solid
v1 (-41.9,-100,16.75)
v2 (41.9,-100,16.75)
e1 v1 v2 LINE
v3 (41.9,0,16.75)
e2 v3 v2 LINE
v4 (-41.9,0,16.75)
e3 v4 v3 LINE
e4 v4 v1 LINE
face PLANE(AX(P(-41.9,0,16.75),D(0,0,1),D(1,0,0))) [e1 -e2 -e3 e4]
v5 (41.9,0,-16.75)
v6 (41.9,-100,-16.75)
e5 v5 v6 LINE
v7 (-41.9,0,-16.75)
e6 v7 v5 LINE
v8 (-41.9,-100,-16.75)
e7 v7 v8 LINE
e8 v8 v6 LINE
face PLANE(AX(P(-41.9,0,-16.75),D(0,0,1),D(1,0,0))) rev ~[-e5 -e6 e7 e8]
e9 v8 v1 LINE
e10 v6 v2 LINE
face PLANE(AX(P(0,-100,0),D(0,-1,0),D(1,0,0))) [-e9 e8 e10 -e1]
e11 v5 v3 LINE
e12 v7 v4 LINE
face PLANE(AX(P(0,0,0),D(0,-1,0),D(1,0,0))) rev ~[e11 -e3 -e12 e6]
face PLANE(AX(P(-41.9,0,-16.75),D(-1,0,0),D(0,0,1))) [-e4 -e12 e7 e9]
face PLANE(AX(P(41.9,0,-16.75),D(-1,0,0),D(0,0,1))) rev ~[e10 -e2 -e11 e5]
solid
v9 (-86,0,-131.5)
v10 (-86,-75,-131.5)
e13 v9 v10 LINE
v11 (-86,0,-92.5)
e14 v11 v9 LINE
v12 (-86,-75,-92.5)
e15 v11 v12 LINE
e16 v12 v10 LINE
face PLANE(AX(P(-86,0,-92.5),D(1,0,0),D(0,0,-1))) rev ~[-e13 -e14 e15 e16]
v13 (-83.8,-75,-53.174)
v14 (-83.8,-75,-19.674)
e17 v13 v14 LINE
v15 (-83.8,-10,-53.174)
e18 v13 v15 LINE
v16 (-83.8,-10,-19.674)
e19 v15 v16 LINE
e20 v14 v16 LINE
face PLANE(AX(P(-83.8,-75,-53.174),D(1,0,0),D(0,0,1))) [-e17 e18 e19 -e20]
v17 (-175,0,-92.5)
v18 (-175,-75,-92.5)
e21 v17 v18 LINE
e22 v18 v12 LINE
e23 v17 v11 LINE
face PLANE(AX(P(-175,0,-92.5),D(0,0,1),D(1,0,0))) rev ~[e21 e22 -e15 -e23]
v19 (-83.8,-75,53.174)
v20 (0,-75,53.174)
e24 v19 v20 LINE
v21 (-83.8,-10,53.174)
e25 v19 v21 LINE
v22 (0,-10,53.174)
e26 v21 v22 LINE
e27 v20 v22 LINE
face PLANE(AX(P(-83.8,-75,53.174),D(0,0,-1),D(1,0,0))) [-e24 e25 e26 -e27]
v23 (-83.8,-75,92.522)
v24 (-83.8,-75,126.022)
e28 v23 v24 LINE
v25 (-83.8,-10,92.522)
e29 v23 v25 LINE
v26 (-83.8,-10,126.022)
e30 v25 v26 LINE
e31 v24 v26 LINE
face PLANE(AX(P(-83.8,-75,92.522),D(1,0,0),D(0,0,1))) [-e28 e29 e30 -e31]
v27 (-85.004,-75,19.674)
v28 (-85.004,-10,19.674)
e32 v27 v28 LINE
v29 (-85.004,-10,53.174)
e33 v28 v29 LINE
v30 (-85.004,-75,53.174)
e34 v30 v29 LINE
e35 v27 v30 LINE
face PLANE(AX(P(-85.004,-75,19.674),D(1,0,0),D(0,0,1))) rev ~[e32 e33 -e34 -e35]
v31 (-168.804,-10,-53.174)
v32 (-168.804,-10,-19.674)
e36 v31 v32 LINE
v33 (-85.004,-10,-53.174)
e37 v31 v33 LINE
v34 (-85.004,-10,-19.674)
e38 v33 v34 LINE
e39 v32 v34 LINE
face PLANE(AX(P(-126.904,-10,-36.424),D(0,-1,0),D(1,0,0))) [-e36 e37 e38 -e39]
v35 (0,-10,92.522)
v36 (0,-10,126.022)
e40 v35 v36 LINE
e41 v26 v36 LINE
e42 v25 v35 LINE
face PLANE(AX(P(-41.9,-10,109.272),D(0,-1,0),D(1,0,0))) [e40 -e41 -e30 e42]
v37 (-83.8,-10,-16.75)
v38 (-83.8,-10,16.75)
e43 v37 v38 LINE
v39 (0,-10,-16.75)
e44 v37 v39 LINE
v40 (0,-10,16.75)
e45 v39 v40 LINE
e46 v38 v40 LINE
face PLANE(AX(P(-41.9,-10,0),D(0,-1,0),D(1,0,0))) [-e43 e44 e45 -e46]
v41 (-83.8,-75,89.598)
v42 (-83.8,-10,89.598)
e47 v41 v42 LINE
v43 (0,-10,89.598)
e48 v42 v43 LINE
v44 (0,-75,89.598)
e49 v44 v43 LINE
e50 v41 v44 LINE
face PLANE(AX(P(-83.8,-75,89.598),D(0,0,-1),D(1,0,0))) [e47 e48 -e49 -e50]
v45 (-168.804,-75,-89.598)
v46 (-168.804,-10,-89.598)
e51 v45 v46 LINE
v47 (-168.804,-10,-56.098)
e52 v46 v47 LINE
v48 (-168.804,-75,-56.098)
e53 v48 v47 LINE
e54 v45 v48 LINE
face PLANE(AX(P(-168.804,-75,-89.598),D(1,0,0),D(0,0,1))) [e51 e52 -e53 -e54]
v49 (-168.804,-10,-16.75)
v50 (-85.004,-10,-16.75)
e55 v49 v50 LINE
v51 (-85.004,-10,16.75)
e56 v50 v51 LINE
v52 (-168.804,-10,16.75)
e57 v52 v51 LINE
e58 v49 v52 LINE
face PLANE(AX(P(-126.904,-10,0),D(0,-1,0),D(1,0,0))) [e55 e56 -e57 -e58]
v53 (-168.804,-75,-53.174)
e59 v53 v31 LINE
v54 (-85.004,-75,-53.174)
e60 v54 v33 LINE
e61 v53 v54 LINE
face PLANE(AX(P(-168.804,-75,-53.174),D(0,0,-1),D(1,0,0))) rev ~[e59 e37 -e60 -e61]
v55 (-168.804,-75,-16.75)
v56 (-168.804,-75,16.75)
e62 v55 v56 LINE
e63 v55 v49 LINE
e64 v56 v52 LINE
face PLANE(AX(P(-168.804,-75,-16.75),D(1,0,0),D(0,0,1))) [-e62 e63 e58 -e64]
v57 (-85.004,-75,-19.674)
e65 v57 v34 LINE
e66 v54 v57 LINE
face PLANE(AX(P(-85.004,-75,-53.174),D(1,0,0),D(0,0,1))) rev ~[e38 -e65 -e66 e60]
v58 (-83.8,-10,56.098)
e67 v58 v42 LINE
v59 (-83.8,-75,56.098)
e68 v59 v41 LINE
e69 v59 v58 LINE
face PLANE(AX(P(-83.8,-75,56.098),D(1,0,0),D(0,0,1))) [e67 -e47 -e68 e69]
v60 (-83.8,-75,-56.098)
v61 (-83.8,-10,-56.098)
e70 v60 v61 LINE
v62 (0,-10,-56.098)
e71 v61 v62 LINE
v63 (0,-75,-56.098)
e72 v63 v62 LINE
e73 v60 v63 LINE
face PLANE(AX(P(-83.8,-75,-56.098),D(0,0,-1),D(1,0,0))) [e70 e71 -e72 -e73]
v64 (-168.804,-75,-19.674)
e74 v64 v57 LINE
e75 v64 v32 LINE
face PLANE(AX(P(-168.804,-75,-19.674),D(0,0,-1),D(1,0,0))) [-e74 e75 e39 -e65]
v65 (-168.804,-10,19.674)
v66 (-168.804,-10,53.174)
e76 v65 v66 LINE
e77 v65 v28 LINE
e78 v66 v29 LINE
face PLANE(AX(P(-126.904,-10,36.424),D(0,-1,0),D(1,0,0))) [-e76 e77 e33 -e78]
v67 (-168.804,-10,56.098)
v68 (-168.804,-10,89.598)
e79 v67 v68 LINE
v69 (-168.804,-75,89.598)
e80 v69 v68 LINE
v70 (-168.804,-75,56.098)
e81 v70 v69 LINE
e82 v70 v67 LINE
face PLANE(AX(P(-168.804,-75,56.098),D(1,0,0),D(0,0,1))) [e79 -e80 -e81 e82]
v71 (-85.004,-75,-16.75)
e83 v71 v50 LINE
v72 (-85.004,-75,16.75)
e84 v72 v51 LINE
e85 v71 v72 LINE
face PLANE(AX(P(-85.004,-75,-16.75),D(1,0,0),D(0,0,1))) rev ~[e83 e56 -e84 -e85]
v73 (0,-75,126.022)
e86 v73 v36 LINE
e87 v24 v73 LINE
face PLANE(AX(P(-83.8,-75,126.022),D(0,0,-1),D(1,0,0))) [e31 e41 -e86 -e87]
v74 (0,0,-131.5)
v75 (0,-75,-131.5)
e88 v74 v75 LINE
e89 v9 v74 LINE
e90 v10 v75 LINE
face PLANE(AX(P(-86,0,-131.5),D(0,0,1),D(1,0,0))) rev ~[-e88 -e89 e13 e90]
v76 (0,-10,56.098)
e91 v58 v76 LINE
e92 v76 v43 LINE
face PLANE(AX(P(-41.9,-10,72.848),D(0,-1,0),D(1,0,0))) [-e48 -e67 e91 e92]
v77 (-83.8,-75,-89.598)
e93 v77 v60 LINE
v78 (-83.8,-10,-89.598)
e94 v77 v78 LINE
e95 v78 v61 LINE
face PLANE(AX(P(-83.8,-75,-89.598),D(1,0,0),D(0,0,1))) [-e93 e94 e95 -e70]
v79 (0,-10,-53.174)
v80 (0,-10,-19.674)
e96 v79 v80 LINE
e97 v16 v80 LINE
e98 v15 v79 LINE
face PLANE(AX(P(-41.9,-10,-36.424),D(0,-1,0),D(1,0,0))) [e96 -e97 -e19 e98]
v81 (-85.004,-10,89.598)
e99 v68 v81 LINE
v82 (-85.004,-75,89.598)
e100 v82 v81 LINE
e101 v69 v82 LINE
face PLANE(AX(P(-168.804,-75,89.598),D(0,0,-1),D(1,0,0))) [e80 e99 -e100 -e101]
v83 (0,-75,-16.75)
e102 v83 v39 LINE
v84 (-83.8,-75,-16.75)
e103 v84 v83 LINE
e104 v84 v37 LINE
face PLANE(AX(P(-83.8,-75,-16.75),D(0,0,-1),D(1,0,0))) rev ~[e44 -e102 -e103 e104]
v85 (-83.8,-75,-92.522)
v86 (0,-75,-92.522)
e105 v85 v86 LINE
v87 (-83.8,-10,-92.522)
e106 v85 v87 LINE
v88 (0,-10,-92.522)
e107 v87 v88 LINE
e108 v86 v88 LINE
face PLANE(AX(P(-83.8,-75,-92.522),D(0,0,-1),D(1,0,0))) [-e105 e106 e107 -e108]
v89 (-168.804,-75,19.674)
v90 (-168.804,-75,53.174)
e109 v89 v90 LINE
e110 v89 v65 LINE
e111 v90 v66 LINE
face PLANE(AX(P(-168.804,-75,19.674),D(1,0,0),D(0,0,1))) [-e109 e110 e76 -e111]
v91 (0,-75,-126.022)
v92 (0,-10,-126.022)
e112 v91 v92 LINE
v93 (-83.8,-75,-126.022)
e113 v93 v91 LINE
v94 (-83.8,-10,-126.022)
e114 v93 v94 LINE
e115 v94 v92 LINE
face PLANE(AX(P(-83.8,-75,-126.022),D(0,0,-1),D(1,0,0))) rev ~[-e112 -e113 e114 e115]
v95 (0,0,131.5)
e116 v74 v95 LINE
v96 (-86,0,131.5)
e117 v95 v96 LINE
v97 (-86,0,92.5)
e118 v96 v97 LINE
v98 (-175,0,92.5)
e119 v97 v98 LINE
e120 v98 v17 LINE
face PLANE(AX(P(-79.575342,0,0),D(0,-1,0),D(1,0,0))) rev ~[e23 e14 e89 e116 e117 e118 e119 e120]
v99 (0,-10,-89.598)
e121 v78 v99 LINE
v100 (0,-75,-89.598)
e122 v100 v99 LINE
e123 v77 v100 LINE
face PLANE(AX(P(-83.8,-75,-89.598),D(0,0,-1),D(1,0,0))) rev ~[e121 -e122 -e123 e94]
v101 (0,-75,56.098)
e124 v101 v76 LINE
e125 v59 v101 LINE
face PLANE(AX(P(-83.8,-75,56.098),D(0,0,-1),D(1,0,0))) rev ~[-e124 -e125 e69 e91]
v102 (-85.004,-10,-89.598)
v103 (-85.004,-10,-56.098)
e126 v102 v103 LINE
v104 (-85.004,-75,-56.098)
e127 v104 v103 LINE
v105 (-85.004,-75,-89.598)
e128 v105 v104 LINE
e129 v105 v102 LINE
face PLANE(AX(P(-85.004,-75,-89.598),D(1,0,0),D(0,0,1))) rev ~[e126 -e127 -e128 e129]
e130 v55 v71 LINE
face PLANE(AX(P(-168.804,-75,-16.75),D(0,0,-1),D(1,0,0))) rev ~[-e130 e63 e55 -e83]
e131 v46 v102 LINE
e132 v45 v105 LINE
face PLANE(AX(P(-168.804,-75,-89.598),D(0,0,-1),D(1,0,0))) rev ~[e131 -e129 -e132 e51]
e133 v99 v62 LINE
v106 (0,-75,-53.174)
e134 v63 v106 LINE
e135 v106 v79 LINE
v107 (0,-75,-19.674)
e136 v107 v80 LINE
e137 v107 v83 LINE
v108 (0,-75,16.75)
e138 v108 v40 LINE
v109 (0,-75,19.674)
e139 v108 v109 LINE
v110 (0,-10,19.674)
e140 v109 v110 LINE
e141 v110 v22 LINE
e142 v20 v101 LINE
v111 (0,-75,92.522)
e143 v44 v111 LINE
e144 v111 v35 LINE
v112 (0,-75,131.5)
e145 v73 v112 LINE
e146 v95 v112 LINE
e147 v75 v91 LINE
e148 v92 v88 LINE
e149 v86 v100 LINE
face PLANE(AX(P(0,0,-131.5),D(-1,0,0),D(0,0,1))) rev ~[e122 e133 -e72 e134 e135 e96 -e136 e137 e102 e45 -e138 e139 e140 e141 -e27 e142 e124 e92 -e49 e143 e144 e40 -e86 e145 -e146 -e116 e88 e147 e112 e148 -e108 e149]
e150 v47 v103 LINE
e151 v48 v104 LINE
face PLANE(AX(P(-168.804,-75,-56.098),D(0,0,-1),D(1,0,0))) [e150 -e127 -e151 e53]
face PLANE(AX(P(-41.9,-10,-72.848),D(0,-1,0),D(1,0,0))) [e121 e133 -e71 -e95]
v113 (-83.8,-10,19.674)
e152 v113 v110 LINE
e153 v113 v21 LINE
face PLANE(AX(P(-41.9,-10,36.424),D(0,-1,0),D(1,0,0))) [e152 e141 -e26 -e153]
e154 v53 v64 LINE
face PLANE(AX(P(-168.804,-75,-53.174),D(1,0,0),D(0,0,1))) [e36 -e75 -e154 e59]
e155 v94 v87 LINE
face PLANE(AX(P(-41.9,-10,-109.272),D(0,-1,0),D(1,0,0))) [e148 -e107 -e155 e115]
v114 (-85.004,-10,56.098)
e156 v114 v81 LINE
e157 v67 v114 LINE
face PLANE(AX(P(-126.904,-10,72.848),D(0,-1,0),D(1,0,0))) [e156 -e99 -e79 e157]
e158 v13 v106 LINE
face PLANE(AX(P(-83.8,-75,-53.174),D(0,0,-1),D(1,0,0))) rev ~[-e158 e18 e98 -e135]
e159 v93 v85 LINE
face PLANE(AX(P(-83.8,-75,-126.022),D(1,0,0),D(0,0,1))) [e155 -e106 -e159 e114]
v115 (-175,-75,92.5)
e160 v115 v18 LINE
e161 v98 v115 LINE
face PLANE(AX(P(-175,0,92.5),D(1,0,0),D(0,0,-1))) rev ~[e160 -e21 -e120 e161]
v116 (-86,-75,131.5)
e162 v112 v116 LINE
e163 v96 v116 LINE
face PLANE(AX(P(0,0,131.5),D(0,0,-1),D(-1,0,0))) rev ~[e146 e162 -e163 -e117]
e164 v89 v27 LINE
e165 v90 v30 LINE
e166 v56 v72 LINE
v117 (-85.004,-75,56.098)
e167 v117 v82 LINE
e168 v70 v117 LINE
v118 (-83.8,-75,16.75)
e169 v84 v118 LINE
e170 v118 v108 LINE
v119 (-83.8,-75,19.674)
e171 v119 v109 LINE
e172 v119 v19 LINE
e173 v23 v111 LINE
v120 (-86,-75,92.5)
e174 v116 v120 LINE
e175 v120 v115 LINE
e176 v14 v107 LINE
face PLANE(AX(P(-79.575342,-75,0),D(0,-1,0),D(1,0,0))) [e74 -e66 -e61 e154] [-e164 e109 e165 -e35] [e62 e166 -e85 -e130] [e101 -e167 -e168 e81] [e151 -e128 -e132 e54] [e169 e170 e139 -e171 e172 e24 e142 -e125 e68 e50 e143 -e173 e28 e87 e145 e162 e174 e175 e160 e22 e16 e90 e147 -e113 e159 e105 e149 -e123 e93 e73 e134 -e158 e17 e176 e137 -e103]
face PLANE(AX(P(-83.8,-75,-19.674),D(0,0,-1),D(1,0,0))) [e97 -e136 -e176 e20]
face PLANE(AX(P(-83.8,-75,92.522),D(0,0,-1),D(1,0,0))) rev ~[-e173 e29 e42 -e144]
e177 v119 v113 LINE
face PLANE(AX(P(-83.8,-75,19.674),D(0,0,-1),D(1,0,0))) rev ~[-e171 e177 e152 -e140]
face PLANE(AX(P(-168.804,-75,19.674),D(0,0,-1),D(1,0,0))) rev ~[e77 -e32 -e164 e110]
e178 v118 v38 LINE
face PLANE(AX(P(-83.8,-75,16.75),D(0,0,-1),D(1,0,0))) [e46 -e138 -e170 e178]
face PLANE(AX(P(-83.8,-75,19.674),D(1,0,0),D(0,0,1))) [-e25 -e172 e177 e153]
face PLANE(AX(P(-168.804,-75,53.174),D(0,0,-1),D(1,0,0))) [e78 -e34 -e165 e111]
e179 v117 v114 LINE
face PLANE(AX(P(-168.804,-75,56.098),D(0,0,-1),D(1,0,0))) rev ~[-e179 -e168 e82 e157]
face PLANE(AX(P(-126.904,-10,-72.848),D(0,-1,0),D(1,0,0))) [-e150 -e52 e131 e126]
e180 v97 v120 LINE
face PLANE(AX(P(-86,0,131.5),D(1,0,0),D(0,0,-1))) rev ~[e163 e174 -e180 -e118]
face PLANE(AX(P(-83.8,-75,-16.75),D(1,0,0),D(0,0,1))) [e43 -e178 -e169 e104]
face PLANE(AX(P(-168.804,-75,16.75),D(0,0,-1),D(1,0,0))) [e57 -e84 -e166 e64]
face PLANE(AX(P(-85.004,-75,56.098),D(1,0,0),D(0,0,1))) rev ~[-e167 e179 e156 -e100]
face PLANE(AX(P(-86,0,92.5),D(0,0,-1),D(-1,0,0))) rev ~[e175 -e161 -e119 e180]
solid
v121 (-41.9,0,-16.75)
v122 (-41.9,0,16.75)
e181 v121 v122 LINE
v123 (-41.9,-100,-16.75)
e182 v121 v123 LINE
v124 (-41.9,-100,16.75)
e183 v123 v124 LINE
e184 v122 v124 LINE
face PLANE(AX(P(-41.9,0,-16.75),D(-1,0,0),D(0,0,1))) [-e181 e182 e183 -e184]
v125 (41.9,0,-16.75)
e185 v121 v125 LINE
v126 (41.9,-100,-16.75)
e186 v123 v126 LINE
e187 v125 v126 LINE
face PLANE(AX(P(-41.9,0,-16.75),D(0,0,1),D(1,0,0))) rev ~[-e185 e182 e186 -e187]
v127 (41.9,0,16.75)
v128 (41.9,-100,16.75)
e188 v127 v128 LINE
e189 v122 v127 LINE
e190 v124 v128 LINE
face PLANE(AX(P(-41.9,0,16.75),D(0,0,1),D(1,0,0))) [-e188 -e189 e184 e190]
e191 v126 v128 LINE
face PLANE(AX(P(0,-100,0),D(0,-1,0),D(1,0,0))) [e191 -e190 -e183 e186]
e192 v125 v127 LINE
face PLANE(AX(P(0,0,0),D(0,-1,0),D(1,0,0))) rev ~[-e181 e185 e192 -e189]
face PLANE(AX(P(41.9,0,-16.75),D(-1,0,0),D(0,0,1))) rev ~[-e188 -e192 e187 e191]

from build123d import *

# Parameters (mm, degrees)
F1_DEPTH = 75
F2_W     = 83.8
F2_H     = 33.5
F3_DEPTH = 65
F4_W     = 83.8
F4_H     = 33.5
F5_DEPTH = 100
F6_DEPTH = 100


with BuildPart() as f1:
    # F0 (on Front) → F1 (new body)
    with BuildSketch(Plane.XZ):
        Polygon((0, 0), (0, 131.5), (-86, 131.5), (-86, 92.5), (-175, 92.5), (-175, 0), (-175, -92.5), (-86, -92.5), (-86, -131.5), (0, -131.5), align=None)
    extrude(amount=F1_DEPTH)

    # F2 (on face) → F3 (cut)
    with BuildSketch(Plane.XZ.offset(75)):
        with Locations((-41.9, 109.272)):
            Rectangle(F2_W, F2_H)
        with Locations((-126.904, 72.848)):
            Rectangle(F2_W, F2_H)
        with Locations((-41.9, 72.848)):
            Rectangle(F2_W, F2_H)
        with Locations((-126.904, 36.424)):
            Rectangle(F2_W, F2_H)
        with Locations((-41.9, 36.424)):
            Rectangle(F2_W, F2_H)
        with Locations((-126.904, 0)):
            Rectangle(F2_W, F2_H)
        with Locations((-41.9, 0)):
            Rectangle(F2_W, F2_H)
        with Locations((-126.904, -36.424)):
            Rectangle(F2_W, F2_H)
        with Locations((-41.9, -36.424)):
            Rectangle(F2_W, F2_H)
        with Locations((-126.904, -72.848)):
            Rectangle(F2_W, F2_H)
        with Locations((-41.9, -72.848)):
            Rectangle(F2_W, F2_H)
        with Locations((-41.9, -109.272)):
            Rectangle(F2_W, F2_H)
    extrude(amount=-F3_DEPTH, mode=Mode.SUBTRACT)


with BuildPart() as f5:
    # F4 (on Front) → F5 (new body)
    with BuildSketch(Plane.XZ):
        Rectangle(F4_W, F4_H)
    extrude(amount=F5_DEPTH)


with BuildPart() as f6:
    # F4 (on Front) → F6 (new body)
    with BuildSketch(Plane.XZ):
        Rectangle(F4_W, F4_H)
    extrude(amount=F6_DEPTH)


solid = Compound([f1.part, f5.part, f6.part])
